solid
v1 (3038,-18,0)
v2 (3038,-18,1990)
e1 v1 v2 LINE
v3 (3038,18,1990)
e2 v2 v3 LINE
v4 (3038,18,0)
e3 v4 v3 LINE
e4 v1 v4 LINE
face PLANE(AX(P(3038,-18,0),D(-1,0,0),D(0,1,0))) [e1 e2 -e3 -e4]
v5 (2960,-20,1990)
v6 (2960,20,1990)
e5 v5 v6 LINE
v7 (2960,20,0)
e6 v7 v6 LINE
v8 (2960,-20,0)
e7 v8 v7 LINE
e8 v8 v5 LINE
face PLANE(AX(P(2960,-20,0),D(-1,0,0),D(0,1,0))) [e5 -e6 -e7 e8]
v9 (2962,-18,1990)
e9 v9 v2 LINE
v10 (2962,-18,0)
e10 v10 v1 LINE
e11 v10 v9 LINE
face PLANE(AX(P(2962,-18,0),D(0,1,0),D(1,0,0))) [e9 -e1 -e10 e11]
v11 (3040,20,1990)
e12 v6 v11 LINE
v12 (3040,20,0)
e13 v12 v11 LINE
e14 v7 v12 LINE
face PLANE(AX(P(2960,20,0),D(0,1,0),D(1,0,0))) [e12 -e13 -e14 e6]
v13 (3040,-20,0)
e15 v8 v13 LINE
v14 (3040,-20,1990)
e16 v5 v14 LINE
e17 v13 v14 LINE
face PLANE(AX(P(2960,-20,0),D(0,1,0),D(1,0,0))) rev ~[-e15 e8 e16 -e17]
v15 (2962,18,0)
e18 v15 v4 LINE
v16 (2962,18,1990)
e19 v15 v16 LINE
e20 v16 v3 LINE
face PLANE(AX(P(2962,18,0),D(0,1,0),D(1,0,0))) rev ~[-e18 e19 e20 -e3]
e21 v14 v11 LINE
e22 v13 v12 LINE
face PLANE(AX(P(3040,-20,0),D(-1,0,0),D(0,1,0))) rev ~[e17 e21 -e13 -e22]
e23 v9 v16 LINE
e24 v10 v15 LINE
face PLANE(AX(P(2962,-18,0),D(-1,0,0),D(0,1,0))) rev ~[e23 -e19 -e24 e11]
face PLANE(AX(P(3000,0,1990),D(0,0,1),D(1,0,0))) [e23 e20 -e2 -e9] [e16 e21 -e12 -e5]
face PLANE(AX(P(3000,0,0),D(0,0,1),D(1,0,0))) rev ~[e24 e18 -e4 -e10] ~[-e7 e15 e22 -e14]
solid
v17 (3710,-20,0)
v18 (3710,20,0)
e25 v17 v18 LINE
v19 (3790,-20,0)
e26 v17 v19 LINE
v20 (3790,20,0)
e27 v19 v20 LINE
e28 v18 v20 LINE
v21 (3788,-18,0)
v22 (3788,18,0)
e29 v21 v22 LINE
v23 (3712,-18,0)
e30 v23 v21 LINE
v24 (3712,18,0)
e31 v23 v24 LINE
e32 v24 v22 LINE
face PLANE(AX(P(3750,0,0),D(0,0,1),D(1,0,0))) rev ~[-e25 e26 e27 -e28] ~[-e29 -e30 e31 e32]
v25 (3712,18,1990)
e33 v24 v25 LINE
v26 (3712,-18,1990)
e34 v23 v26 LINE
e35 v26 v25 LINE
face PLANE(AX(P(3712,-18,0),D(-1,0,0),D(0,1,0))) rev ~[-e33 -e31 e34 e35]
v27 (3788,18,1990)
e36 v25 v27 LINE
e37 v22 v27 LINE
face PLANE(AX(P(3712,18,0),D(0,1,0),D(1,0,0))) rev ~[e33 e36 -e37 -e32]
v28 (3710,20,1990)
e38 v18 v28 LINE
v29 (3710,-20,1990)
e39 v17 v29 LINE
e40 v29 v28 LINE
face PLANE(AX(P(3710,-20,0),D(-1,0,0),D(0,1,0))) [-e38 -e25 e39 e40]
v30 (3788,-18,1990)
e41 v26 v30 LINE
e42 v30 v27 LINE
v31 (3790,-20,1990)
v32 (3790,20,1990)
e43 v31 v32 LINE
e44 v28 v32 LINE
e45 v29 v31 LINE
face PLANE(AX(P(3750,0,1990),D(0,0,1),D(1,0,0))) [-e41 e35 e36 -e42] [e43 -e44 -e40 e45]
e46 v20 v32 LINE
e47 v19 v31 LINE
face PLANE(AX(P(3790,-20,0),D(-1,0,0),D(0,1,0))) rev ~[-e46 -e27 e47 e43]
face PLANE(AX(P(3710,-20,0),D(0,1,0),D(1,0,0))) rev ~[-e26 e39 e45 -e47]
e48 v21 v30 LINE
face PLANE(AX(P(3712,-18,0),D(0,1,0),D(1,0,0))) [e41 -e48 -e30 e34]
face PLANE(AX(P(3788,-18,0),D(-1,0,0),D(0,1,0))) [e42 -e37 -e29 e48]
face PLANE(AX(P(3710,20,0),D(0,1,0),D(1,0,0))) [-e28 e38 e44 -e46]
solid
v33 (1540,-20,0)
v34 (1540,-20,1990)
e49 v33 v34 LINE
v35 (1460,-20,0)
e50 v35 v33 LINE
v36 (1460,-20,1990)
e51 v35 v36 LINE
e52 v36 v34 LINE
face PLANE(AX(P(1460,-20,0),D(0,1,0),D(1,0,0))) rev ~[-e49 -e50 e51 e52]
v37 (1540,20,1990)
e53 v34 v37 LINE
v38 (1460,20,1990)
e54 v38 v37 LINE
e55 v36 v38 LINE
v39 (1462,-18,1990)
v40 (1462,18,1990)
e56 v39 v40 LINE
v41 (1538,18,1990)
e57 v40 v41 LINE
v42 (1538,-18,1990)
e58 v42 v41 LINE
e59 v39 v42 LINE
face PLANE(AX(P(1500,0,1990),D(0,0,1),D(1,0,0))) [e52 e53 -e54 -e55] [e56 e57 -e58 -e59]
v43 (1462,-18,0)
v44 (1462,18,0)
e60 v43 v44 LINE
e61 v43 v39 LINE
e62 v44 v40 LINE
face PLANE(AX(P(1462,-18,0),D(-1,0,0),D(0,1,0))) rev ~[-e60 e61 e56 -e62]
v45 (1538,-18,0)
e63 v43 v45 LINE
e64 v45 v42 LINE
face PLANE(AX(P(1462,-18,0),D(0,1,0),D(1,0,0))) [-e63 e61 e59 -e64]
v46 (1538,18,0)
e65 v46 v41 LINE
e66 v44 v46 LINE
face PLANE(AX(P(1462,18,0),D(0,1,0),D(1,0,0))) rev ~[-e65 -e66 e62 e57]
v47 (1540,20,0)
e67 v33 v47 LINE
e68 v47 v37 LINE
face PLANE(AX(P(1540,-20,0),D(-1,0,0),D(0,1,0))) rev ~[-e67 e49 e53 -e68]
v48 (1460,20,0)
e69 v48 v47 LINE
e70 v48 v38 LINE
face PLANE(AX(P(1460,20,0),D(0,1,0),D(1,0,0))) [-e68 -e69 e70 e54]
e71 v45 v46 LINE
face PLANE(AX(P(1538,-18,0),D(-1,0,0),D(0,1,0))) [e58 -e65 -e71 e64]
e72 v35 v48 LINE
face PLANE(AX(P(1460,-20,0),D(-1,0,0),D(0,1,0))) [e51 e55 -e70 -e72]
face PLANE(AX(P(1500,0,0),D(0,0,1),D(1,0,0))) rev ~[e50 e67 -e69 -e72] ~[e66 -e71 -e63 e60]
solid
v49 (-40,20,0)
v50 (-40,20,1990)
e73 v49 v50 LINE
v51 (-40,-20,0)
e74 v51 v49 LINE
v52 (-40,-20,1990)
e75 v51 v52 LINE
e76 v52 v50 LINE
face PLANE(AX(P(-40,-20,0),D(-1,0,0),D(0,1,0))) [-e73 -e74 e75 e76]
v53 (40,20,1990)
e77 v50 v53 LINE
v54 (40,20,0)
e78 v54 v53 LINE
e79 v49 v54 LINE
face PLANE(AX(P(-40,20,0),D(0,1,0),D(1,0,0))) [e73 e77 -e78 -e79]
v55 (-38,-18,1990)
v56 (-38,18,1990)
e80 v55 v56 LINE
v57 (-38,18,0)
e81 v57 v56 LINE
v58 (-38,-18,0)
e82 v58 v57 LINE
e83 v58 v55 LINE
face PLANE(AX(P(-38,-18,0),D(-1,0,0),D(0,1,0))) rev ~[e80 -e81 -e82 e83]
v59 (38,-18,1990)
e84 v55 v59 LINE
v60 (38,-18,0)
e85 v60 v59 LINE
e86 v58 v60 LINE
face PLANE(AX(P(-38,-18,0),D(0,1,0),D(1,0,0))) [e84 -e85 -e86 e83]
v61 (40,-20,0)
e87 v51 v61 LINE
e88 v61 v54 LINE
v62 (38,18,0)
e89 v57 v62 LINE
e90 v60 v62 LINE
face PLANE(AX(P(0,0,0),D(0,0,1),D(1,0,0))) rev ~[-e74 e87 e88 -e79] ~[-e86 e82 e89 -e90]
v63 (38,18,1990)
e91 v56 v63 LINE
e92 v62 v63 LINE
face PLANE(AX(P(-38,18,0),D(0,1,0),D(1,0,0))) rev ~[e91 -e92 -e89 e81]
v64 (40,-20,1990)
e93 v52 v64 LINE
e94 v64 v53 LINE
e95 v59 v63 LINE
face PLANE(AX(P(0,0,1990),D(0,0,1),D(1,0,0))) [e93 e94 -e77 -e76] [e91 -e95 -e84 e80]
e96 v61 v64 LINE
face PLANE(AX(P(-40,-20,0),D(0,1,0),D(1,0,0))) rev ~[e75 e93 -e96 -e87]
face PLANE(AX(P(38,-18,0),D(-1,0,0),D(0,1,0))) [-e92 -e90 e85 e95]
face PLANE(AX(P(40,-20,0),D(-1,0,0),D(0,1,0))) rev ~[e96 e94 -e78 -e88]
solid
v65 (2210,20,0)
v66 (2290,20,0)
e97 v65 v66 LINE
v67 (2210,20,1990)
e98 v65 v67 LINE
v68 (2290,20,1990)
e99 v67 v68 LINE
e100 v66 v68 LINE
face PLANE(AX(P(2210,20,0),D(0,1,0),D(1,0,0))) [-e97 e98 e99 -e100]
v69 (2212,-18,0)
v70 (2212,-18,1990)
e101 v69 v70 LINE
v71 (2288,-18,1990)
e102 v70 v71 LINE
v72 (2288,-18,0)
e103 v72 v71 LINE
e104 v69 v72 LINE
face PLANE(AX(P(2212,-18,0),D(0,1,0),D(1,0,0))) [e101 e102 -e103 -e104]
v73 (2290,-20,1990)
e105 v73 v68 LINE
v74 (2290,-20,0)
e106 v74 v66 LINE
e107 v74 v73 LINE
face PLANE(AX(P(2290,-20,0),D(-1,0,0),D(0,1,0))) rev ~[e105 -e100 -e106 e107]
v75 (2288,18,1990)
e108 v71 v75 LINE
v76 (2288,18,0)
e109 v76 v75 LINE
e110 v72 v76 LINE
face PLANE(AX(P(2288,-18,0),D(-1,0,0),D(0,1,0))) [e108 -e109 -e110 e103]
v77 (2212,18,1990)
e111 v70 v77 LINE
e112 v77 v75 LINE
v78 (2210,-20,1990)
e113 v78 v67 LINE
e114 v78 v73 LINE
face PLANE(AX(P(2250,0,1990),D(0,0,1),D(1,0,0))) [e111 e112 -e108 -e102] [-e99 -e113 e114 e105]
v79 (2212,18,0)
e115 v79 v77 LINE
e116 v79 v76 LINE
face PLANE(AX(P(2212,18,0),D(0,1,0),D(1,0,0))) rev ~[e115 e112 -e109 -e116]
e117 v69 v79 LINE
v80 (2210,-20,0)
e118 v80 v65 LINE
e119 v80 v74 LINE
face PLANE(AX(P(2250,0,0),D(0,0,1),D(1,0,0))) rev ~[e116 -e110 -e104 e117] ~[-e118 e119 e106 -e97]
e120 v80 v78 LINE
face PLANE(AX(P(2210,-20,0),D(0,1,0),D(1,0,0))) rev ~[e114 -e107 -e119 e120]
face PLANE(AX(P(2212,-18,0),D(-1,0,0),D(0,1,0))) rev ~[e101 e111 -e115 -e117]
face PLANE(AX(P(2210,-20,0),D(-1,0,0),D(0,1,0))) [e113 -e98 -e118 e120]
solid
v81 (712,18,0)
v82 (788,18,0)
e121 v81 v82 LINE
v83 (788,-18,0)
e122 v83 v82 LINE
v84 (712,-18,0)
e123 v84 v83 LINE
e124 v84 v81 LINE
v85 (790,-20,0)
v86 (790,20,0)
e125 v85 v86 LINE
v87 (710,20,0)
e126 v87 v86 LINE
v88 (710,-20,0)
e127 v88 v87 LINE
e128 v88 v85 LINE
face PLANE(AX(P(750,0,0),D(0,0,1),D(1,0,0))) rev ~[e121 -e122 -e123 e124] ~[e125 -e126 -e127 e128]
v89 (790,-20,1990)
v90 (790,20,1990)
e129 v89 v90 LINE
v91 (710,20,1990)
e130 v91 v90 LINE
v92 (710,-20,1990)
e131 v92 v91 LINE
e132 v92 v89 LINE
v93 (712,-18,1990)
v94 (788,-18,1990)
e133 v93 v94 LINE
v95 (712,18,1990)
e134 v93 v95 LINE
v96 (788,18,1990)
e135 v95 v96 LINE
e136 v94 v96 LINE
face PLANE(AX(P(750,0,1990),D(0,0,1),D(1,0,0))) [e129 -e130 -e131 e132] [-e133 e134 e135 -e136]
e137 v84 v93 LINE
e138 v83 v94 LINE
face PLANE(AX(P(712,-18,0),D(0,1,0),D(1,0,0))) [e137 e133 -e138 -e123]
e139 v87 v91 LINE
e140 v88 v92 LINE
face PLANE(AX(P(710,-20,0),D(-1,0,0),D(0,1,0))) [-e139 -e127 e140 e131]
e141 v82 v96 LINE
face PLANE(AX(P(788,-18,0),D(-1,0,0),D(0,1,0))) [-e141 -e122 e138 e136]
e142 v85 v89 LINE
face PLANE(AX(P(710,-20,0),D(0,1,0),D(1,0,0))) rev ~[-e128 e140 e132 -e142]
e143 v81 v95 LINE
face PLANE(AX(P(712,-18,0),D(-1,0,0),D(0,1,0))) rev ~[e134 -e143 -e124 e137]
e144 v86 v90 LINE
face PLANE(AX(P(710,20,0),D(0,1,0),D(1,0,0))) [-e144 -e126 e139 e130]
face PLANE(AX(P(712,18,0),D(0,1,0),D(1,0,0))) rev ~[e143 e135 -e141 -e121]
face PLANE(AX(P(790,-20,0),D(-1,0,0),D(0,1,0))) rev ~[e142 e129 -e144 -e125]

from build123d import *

# Parameters (mm, degrees)
F0_W     = 80
F0_H     = 40
F0_W_2   = 76
F0_H_2   = 36
F1_DEPTH = 1990


with BuildPart() as f1:
    # F0 (on Top) → F1 (new body)
    with BuildSketch(Plane.XY):
        Rectangle(F0_W, F0_H)
        Rectangle(F0_W_2, F0_H_2, mode=Mode.SUBTRACT)
        with Locations((750, 0)):
            Rectangle(F0_W, F0_H)
        with Locations((750, 0)):
            Rectangle(F0_W_2, F0_H_2, mode=Mode.SUBTRACT)
        with Locations((1500, 0)):
            Rectangle(F0_W, F0_H)
        with Locations((1500, 0)):
            Rectangle(F0_W_2, F0_H_2, mode=Mode.SUBTRACT)
        with Locations((2250, 0)):
            Rectangle(F0_W, F0_H)
        with Locations((2250, 0)):
            Rectangle(F0_W_2, F0_H_2, mode=Mode.SUBTRACT)
        with Locations((3000, 0)):
            Rectangle(F0_W, F0_H)
        with Locations((3000, 0)):
            Rectangle(F0_W_2, F0_H_2, mode=Mode.SUBTRACT)
        with Locations((3750, 0)):
            Rectangle(F0_W, F0_H)
        with Locations((3750, 0)):
            Rectangle(F0_W_2, F0_H_2, mode=Mode.SUBTRACT)
    extrude(amount=F1_DEPTH)


solid = f1.part
